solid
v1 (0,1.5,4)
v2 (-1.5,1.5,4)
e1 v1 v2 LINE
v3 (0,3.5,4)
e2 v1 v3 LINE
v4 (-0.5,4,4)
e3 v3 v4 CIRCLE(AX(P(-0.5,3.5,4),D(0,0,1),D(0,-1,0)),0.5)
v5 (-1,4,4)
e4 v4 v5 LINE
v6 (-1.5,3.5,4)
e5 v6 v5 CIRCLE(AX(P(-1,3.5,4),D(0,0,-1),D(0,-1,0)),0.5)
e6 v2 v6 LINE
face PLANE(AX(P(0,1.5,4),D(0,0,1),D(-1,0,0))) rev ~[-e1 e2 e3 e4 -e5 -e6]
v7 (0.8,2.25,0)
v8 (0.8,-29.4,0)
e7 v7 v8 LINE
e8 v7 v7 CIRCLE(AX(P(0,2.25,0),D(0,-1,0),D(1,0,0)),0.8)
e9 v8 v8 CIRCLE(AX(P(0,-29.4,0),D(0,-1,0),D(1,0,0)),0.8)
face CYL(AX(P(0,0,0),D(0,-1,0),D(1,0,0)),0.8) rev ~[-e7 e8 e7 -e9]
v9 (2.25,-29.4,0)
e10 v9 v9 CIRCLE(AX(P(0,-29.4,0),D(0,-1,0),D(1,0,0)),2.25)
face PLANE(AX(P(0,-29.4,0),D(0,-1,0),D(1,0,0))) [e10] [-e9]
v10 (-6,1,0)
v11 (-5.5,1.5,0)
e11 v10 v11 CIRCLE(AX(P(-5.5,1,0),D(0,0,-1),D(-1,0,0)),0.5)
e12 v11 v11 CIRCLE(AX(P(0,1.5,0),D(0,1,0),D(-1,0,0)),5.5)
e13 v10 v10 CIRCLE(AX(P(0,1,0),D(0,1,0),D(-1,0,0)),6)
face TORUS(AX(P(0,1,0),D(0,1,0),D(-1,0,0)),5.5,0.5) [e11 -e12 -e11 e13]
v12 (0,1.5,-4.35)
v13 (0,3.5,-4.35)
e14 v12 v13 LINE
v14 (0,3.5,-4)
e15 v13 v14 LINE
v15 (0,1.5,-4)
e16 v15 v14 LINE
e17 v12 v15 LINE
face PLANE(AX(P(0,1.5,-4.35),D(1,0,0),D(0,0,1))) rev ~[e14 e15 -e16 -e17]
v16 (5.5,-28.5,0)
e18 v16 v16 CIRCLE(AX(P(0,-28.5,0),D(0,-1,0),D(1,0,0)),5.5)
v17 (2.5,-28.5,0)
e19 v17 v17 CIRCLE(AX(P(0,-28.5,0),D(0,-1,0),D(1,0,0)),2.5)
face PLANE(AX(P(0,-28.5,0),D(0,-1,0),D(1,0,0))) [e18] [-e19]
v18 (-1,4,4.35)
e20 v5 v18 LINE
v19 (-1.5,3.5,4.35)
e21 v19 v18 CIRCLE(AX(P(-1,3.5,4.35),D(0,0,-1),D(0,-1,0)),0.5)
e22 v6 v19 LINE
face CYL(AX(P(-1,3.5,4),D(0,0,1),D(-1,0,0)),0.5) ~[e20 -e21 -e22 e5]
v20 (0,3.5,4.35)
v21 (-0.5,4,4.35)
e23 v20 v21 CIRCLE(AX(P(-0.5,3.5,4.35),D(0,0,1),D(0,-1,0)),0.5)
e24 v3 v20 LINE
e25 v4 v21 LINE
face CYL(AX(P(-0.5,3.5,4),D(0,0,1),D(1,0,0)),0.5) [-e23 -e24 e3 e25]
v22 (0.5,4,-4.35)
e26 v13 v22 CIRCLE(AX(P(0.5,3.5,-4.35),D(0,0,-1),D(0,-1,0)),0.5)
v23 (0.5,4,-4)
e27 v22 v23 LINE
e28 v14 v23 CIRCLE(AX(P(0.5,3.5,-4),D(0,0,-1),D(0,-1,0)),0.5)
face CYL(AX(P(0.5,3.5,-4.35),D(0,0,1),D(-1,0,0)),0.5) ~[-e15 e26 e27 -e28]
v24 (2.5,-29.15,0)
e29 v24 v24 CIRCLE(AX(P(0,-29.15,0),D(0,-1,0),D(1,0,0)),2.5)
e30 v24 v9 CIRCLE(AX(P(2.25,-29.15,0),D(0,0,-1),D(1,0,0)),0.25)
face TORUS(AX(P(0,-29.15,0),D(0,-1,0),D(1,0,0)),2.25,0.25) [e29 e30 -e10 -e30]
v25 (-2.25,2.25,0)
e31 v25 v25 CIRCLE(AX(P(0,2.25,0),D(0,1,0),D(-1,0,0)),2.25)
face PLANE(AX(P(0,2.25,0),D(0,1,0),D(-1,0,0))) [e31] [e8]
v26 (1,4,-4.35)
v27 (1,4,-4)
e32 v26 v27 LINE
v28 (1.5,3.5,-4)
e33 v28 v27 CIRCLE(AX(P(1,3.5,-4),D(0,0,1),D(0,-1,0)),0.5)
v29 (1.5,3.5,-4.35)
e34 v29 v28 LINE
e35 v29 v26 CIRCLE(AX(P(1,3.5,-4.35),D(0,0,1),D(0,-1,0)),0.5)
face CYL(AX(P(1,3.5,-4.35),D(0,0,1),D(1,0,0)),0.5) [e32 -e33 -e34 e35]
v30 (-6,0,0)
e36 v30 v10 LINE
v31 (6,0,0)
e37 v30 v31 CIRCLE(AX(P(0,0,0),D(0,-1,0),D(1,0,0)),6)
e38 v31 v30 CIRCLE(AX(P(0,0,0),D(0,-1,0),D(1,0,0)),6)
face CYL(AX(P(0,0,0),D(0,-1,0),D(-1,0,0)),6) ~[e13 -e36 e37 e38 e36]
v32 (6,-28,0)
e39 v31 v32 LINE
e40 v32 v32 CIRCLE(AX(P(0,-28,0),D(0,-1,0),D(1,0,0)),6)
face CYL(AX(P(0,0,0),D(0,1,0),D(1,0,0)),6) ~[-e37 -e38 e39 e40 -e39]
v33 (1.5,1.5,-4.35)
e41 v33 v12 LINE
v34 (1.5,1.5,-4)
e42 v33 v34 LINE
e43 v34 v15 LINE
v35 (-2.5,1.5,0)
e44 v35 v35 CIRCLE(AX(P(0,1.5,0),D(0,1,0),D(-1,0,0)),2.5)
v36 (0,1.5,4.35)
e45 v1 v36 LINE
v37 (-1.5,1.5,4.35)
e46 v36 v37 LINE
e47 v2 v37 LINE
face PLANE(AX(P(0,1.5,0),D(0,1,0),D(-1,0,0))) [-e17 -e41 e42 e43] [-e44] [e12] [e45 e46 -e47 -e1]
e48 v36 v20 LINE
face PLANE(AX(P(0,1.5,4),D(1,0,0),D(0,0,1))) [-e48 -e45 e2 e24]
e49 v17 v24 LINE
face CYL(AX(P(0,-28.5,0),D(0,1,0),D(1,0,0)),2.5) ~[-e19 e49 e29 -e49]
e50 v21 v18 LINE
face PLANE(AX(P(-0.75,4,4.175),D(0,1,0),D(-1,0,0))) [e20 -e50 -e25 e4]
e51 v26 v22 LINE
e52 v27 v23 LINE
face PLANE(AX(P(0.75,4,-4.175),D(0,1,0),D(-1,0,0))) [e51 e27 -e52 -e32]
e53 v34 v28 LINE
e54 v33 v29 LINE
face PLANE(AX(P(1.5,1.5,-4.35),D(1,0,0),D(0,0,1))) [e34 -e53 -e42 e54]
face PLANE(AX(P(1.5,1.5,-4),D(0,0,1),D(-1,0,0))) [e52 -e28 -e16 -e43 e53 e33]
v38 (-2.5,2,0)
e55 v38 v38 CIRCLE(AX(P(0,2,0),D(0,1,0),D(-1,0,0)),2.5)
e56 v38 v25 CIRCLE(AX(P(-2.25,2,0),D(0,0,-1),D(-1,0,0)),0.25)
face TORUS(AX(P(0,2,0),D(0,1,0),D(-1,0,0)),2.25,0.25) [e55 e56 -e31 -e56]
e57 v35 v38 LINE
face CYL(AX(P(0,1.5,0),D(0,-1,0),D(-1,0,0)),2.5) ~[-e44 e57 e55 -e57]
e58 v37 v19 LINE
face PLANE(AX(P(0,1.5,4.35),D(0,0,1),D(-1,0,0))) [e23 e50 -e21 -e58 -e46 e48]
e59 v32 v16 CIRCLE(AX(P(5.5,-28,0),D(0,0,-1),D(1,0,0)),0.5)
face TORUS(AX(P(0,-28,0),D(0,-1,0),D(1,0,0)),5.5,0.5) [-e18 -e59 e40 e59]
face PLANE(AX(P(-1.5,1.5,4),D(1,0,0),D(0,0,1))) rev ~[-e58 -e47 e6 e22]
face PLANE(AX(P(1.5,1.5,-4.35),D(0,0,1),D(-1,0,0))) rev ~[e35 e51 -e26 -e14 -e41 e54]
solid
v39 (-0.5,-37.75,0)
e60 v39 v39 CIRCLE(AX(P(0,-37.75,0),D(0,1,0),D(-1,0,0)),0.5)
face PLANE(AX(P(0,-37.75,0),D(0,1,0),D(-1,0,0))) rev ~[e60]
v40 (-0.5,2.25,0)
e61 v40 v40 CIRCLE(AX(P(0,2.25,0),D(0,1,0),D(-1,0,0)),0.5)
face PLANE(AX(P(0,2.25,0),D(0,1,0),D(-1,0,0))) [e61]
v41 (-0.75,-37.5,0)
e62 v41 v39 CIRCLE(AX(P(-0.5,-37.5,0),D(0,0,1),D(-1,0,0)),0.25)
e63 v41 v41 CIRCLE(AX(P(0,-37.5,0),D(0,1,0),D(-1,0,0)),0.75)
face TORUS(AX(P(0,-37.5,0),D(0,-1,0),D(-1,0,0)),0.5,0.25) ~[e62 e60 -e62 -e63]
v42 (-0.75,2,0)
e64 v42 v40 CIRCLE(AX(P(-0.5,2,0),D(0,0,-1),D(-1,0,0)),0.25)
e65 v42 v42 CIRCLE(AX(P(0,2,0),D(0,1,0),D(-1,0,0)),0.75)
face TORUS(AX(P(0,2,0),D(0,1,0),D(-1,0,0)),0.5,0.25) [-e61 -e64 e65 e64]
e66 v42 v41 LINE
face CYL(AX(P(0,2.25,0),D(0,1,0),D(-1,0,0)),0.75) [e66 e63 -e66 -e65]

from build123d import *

# Parameters (mm, degrees)
F0_R      = 6
F1_DEPTH  = 28.5
F2_R      = 2.5
F3_DEPTH  = 0.9
F4_R      = 6
F4_R_2    = 2.5
F5_DEPTH  = 1.5
F6_R      = 2.5
F7_DEPTH  = 0.75
F8_R      = 0.8
F9_DEPTH  = 30
F10_R     = 0.75
F11_DEPTH = 40
F12_W     = 1.5
F12_H     = 0.35
F13_DEPTH = 2.5
F14_R     = 0.5
F15_R     = 0.25
F15_2_R   = 0.25


with BuildPart() as f1:
    # F0 (on Front) → F1 (new body)
    with BuildSketch(Plane.XZ):
        Circle(F0_R)
    extrude(amount=F1_DEPTH)

    # F2 (on face) → F3 (join)
    with BuildSketch(Plane.XZ.offset(28.5)):
        Circle(F2_R)
    extrude(amount=F3_DEPTH)

    # F4 (on face) → F5 (join)
    with BuildSketch(Plane(origin=(0, 0, 0), x_dir=(-1, 0, 0), z_dir=(0, 1, 0))):
        Circle(F4_R)
        Circle(F4_R_2, mode=Mode.SUBTRACT)
        Circle(F4_R_2)
    extrude(amount=F5_DEPTH)

    # F6 (on face) → F7 (join)
    with BuildSketch(Plane(origin=(0, 1.5, 0), x_dir=(-1, 0, 0), z_dir=(0, 1, 0))):
        Circle(F6_R)
    extrude(amount=F7_DEPTH)

    # F8 (on Front) → F9 (cut, symmetric)
    with BuildSketch(Plane.XZ):
        Circle(F8_R)
    extrude(amount=F9_DEPTH, both=True, mode=Mode.SUBTRACT)

    # F12 (on face) → F13 (join)
    with BuildSketch(Plane(origin=(0, 1.5, 0), x_dir=(-1, 0, 0), z_dir=(0, 1, 0))):
        with Locations((-0.75, -4.175)):
            Rectangle(F12_W, F12_H)
        with Locations((0.75, 4.175)):
            Rectangle(F12_W, F12_H)
    extrude(amount=F13_DEPTH)

    # F14
    f14_edges = [f1.edges().sort_by_distance(p)[0] for p in [
        (6, 1.5, 0),
        (-1.5, 4, 4.175),
        (0, 4, 4.175),
        (0, 4, -4.175),
        (1.5, 4, -4.175),
        (-6, -28.5, 0),
    ]]
    fillet(f14_edges, radius=F14_R)

    # F15
    f15_edges = [f1.edges().sort_by_distance(p)[0] for p in [
        (-2.5, -29.4, 0),
        (2.5, 2.25, 0),
    ]]
    fillet(f15_edges, radius=F15_R)


with BuildPart() as f11:
    # F10 (on face) → F11 (new body)
    with BuildSketch(Plane(origin=(0, 2.25, 0), x_dir=(-1, 0, 0), z_dir=(0, 1, 0))):
        Circle(F10_R)
    extrude(amount=-F11_DEPTH)

    # F15#2
    f15_2_edges = [f11.edges().sort_by_distance(p)[0] for p in [
        (0.75, 2.25, 0),
        (0.75, -37.75, 0),
    ]]
    fillet(f15_2_edges, radius=F15_2_R)


solid = Compound([f1.part, f11.part])
